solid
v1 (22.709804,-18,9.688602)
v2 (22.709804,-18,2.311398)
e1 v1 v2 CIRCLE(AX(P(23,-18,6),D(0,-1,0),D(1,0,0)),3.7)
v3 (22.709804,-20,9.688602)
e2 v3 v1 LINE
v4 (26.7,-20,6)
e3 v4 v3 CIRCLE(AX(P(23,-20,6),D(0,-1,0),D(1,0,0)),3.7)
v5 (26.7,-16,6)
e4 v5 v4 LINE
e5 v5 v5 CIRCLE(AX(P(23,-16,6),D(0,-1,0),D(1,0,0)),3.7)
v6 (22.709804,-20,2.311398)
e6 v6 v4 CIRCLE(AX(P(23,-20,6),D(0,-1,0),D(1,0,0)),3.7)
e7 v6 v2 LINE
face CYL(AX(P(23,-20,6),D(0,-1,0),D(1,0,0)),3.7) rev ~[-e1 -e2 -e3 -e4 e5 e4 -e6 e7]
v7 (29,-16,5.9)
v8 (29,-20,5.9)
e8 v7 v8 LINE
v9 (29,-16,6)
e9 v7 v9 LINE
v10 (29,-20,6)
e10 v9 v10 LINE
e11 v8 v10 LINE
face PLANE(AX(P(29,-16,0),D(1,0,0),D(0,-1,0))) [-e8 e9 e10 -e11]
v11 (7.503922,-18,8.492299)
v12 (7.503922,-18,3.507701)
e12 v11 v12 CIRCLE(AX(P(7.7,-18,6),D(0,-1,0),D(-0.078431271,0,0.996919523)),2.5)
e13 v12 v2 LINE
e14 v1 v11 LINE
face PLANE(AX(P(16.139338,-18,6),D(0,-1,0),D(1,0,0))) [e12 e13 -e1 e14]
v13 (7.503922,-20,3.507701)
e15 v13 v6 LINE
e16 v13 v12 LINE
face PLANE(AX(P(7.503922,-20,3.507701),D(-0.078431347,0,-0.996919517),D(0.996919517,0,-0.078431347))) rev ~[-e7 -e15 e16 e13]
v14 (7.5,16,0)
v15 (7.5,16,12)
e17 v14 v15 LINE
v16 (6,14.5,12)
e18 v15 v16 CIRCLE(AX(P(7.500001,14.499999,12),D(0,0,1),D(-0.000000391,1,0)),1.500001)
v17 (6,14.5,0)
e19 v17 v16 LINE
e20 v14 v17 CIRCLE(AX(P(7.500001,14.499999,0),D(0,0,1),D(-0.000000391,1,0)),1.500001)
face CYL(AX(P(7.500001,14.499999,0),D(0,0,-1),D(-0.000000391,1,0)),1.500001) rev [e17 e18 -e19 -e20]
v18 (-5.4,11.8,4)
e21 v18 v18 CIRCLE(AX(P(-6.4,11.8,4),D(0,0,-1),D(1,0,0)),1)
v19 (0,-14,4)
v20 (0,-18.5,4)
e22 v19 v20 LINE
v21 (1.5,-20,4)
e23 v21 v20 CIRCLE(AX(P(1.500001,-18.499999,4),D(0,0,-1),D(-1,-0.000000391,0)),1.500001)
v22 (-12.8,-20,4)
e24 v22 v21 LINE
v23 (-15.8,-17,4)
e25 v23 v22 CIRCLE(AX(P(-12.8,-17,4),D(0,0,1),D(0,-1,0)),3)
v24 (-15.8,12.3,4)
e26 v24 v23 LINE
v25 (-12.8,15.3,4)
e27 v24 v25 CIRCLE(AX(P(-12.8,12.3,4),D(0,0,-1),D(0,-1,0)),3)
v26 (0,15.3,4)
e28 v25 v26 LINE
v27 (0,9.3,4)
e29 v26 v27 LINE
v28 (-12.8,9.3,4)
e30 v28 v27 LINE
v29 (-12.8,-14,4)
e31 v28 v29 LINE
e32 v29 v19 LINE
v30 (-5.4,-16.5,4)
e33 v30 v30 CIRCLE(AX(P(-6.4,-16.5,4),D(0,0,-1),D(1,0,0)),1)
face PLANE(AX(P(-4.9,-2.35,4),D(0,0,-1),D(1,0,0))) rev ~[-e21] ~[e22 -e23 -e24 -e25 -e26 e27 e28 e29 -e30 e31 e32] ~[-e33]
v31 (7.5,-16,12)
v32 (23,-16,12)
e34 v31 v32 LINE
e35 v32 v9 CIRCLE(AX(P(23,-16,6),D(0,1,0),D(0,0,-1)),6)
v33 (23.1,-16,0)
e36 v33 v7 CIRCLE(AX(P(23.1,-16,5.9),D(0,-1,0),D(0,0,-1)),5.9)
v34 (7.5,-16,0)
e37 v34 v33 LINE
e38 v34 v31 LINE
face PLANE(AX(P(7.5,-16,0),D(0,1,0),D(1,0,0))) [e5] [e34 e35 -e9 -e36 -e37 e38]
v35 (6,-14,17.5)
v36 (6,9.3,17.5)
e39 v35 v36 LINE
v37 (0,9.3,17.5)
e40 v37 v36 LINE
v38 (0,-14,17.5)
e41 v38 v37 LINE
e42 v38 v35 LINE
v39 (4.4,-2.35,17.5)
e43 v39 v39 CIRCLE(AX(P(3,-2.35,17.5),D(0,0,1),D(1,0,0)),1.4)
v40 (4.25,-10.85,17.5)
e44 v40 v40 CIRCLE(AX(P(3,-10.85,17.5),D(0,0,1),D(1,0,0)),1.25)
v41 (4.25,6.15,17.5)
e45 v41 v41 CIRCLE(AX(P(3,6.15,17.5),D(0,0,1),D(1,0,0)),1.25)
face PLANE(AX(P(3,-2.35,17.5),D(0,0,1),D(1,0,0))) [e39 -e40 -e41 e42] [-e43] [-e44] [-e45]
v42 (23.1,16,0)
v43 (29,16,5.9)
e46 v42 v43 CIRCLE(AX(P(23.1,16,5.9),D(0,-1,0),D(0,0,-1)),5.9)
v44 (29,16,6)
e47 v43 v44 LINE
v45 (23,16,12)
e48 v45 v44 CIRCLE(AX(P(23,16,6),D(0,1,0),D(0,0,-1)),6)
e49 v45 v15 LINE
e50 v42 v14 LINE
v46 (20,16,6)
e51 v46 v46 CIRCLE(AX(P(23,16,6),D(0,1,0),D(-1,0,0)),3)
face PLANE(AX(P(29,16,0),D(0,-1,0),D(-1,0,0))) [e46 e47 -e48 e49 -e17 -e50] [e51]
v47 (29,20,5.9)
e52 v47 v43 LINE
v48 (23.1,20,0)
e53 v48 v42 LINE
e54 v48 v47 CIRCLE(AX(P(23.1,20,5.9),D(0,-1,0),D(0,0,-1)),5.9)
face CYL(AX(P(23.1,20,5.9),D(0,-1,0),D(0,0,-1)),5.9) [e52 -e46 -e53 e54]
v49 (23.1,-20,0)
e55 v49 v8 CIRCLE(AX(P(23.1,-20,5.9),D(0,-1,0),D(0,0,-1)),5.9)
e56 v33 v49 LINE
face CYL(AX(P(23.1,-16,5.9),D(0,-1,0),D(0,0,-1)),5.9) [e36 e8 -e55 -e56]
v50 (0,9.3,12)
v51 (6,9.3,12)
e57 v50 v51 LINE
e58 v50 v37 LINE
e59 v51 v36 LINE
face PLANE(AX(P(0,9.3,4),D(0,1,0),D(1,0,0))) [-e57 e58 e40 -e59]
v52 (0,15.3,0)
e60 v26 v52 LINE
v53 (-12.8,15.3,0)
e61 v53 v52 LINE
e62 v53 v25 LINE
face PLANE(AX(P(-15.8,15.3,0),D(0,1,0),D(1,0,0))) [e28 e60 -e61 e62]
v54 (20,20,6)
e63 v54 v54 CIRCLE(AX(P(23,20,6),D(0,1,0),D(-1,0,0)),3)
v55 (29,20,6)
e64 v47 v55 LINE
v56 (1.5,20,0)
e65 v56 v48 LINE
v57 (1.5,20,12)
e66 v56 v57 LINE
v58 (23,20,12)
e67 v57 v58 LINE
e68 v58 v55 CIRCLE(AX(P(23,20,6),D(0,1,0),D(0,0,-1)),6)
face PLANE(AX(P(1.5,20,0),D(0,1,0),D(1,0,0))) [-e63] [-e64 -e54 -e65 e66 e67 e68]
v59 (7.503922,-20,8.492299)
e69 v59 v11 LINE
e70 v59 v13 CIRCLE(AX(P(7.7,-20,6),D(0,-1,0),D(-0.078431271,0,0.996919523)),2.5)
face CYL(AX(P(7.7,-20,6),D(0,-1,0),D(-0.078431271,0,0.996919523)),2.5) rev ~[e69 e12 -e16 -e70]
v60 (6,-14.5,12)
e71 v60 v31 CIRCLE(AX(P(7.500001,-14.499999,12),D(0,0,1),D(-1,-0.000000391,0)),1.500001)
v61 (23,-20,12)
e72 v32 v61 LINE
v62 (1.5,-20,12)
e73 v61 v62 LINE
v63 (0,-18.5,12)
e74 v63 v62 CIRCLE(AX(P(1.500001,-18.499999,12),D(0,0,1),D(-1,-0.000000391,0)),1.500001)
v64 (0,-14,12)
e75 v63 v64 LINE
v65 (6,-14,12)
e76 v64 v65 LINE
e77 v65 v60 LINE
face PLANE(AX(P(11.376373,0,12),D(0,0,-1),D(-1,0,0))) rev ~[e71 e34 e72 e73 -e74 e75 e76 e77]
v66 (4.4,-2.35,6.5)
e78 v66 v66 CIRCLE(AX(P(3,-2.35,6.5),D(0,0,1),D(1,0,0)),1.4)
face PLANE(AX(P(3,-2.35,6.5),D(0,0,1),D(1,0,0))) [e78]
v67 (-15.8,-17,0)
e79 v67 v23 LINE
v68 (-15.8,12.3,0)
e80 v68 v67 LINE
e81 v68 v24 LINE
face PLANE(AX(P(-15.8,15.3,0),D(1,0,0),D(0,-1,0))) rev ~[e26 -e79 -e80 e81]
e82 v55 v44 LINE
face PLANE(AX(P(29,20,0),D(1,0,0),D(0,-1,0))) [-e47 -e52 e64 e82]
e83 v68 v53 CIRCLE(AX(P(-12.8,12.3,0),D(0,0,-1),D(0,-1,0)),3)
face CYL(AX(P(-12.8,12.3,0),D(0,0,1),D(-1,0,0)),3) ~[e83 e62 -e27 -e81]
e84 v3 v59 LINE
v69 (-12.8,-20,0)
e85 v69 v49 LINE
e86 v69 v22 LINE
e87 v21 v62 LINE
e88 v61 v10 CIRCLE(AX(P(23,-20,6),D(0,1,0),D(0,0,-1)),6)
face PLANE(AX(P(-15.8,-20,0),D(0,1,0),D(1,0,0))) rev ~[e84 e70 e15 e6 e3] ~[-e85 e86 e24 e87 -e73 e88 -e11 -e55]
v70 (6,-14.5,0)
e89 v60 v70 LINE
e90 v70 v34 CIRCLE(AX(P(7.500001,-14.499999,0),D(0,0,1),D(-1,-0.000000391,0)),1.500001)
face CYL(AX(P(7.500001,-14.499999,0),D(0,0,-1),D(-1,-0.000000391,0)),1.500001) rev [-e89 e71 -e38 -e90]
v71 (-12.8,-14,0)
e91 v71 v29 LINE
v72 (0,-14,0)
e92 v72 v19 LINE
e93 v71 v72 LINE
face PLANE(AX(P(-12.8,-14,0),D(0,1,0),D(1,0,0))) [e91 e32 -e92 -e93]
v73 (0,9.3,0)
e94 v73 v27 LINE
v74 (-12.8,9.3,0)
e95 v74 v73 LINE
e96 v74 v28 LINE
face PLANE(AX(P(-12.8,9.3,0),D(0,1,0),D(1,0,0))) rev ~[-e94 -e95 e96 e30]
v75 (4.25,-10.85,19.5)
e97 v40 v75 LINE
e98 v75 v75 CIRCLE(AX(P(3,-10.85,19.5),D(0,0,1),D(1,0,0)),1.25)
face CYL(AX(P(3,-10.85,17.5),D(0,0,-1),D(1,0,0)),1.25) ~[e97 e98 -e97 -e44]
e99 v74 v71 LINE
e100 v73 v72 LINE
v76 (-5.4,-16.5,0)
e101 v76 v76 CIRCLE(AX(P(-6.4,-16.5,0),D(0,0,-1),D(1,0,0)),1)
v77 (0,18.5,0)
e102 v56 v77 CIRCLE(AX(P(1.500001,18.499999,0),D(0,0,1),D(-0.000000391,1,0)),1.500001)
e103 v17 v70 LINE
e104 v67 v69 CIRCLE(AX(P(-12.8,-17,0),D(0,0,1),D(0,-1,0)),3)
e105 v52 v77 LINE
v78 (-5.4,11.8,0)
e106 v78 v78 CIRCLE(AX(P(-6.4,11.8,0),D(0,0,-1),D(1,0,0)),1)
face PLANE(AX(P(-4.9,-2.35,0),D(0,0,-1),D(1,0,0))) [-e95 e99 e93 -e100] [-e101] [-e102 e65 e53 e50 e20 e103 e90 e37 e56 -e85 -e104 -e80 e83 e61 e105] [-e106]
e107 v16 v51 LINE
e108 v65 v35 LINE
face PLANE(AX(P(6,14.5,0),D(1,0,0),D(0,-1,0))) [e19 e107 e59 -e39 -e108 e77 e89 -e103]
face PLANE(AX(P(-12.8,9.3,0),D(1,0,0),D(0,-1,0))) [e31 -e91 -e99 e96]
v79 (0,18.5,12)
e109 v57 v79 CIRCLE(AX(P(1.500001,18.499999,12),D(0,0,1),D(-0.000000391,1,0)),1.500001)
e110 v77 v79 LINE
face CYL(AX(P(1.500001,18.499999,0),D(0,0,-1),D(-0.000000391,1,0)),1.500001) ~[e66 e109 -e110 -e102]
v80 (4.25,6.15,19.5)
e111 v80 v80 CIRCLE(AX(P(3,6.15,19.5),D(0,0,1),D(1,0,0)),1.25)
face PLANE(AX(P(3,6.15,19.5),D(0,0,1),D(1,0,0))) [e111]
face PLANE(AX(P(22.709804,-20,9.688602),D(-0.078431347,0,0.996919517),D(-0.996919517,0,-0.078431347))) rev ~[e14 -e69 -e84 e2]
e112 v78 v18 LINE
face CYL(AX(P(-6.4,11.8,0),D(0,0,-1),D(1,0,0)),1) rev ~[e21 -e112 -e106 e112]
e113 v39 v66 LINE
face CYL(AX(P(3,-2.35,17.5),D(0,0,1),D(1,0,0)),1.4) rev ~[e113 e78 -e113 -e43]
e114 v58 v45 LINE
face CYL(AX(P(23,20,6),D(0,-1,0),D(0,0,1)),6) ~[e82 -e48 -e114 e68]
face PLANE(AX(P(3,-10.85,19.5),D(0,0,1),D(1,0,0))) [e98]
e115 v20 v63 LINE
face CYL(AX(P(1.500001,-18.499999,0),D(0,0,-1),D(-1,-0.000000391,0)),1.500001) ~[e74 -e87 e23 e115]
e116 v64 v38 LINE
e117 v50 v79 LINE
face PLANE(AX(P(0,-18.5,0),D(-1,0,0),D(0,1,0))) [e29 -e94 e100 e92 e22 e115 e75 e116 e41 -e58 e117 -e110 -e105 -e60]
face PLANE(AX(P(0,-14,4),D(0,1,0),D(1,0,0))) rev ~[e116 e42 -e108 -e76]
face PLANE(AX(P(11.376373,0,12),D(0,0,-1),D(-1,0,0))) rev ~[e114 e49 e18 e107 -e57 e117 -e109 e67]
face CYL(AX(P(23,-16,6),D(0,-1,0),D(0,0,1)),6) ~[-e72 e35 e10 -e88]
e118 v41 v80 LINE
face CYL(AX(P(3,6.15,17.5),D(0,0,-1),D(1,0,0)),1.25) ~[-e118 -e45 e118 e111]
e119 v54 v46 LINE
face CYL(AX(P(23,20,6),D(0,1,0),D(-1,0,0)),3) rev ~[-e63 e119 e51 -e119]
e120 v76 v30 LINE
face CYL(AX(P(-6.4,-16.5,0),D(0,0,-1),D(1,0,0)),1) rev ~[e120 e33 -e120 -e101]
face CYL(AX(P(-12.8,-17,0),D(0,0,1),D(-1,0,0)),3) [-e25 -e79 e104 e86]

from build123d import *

# Parameters (mm, degrees)
PAD_DEPTH       = 12
SKETCH001_R     = 3.7
POCKET_DEPTH    = 5
SKETCH002_R     = 3
POCKET001_DEPTH = 5
POCKET002_DEPTH = 2
SKETCH004_W     = 21.8
SKETCH004_H     = 35.3
SKETCH004_R     = 1
SKETCH004_W_2   = 12.8
SKETCH004_H_2   = 23.3
PAD001_DEPTH    = 4
FILLET_R        = 3
FILLET001_R     = 3
SKETCH005_W     = 6
SKETCH005_H     = 23.3
PAD002_DEPTH    = 13.5
SKETCH006_R     = 1.25
PAD003_DEPTH    = 2
SKETCH007_R     = 1.4
POCKET003_DEPTH = 11
FILLET002_R     = 6
FILLET003_R     = 6
FILLET004_R     = 5.9
FILLET005_R     = 5.9


with BuildPart() as part:
    # Sketch → Pad (new body)
    with BuildSketch(Plane.XY):
        with BuildLine():
            Line((1.5, 20), (29, 20))
            Line((29, 20), (29, 16))
            Line((29, 16), (7.5, 16))
            ThreePointArc((7.5, 16), (6.43934, 15.56066), (6, 14.5))
            Line((6, 14.5), (6, -14.5))
            ThreePointArc((6, -14.5), (6.43934, -15.56066), (7.5, -16))
            Line((7.5, -16), (29, -16))
            Line((29, -16), (29, -20))
            Line((29, -20), (1.5, -20))
            ThreePointArc((0, -18.5), (0.43934, -19.56066), (1.5, -20))
            Line((0, -18.5), (0, 18.5))
            ThreePointArc((1.5, 20), (0.43934, 19.56066), (0, 18.5))
        make_face()
    extrude(amount=PAD_DEPTH)

    # Sketch001 (on Face9 of Pad) → Pocket (cut)
    with BuildSketch(Plane.XZ.offset(20)):
        with Locations((23, 6)):
            Circle(SKETCH001_R)
    extrude(amount=-POCKET_DEPTH, mode=Mode.SUBTRACT)

    # Sketch002 (on Face1 of Pocket) → Pocket001 (cut)
    with BuildSketch(Plane(origin=(0, 20, 0), x_dir=(-1, 0, 0), z_dir=(0, 1, 0))):
        with Locations((-23, 6)):
            Circle(SKETCH002_R)
    extrude(amount=-POCKET001_DEPTH, mode=Mode.SUBTRACT)

    # Sketch003 (on Face14 of Pocket001) → Pocket002 (cut)
    with BuildSketch(Plane.XZ.offset(20)):
        with BuildLine():
            ThreePointArc((7.503922, 8.492299), (5.2, 6), (7.503922, 3.507701))
            Line((7.503922, 3.507701), (22.709804, 2.311398))
            ThreePointArc((22.709804, 2.311398), (26.7, 6), (22.709804, 9.688602))
            Line((22.709804, 9.688602), (7.503922, 8.492299))
        make_face()
    extrude(amount=-POCKET002_DEPTH, mode=Mode.SUBTRACT)

    # Sketch004 (on Face3 of Pocket002) → Pad001 (join)
    with BuildSketch(Plane(origin=(0, 0, 0), x_dir=(1, 0, 0), z_dir=(0, 0, -1))):
        with Locations((-4.9, 2.35)):
            Rectangle(SKETCH004_W, SKETCH004_H)
        with Locations((-6.4, -11.8)):
            Circle(SKETCH004_R, mode=Mode.SUBTRACT)
        with Locations((-6.4, 16.5)):
            Circle(SKETCH004_R, mode=Mode.SUBTRACT)
        with Locations((-6.4, 2.35)):
            Rectangle(SKETCH004_W_2, SKETCH004_H_2, mode=Mode.SUBTRACT)
    extrude(amount=-PAD001_DEPTH)

    # Fillet
    fillet_edges = [part.edges().sort_by_distance(p)[0] for p in [
        (-15.8, -20, 2),
    ]]
    fillet(fillet_edges, radius=FILLET_R)

    # Fillet001
    fillet001_edges = [part.edges().sort_by_distance(p)[0] for p in [
        (-15.8, 15.3, 2),
    ]]
    fillet(fillet001_edges, radius=FILLET001_R)

    # Sketch005 (on Face1 of Fillet001) → Pad002 (join)
    with BuildSketch(Plane.XY.offset(4)):
        with Locations((3, -2.35)):
            Rectangle(SKETCH005_W, SKETCH005_H)
    extrude(amount=PAD002_DEPTH)

    # Sketch006 (on Face47 of Pad002) → Pad003 (join)
    with BuildSketch(Plane.XY.offset(17.5)):
        with Locations((3, 6.15)):
            Circle(SKETCH006_R)
        with Locations((3, -10.85)):
            Circle(SKETCH006_R)
    extrude(amount=PAD003_DEPTH)

    # Sketch007 (on Face47 of Pad003) → Pocket003 (cut)
    with BuildSketch(Plane.XY.offset(17.5)):
        with Locations((3, -2.35)):
            Circle(SKETCH007_R)
    extrude(amount=-POCKET003_DEPTH, mode=Mode.SUBTRACT)

    # Fillet002
    fillet002_edges = [part.edges().sort_by_distance(p)[0] for p in [
        (29, -18, 12),
    ]]
    fillet(fillet002_edges, radius=FILLET002_R)

    # Fillet003
    fillet003_edges = [part.edges().sort_by_distance(p)[0] for p in [
        (29, 18, 12),
    ]]
    fillet(fillet003_edges, radius=FILLET003_R)

    # Fillet004
    fillet004_edges = [part.edges().sort_by_distance(p)[0] for p in [
        (29, -18, 0),
    ]]
    fillet(fillet004_edges, radius=FILLET004_R)

    # Fillet005
    fillet005_edges = [part.edges().sort_by_distance(p)[0] for p in [
        (29, 18, 0),
    ]]
    fillet(fillet005_edges, radius=FILLET005_R)


solid = part.part
